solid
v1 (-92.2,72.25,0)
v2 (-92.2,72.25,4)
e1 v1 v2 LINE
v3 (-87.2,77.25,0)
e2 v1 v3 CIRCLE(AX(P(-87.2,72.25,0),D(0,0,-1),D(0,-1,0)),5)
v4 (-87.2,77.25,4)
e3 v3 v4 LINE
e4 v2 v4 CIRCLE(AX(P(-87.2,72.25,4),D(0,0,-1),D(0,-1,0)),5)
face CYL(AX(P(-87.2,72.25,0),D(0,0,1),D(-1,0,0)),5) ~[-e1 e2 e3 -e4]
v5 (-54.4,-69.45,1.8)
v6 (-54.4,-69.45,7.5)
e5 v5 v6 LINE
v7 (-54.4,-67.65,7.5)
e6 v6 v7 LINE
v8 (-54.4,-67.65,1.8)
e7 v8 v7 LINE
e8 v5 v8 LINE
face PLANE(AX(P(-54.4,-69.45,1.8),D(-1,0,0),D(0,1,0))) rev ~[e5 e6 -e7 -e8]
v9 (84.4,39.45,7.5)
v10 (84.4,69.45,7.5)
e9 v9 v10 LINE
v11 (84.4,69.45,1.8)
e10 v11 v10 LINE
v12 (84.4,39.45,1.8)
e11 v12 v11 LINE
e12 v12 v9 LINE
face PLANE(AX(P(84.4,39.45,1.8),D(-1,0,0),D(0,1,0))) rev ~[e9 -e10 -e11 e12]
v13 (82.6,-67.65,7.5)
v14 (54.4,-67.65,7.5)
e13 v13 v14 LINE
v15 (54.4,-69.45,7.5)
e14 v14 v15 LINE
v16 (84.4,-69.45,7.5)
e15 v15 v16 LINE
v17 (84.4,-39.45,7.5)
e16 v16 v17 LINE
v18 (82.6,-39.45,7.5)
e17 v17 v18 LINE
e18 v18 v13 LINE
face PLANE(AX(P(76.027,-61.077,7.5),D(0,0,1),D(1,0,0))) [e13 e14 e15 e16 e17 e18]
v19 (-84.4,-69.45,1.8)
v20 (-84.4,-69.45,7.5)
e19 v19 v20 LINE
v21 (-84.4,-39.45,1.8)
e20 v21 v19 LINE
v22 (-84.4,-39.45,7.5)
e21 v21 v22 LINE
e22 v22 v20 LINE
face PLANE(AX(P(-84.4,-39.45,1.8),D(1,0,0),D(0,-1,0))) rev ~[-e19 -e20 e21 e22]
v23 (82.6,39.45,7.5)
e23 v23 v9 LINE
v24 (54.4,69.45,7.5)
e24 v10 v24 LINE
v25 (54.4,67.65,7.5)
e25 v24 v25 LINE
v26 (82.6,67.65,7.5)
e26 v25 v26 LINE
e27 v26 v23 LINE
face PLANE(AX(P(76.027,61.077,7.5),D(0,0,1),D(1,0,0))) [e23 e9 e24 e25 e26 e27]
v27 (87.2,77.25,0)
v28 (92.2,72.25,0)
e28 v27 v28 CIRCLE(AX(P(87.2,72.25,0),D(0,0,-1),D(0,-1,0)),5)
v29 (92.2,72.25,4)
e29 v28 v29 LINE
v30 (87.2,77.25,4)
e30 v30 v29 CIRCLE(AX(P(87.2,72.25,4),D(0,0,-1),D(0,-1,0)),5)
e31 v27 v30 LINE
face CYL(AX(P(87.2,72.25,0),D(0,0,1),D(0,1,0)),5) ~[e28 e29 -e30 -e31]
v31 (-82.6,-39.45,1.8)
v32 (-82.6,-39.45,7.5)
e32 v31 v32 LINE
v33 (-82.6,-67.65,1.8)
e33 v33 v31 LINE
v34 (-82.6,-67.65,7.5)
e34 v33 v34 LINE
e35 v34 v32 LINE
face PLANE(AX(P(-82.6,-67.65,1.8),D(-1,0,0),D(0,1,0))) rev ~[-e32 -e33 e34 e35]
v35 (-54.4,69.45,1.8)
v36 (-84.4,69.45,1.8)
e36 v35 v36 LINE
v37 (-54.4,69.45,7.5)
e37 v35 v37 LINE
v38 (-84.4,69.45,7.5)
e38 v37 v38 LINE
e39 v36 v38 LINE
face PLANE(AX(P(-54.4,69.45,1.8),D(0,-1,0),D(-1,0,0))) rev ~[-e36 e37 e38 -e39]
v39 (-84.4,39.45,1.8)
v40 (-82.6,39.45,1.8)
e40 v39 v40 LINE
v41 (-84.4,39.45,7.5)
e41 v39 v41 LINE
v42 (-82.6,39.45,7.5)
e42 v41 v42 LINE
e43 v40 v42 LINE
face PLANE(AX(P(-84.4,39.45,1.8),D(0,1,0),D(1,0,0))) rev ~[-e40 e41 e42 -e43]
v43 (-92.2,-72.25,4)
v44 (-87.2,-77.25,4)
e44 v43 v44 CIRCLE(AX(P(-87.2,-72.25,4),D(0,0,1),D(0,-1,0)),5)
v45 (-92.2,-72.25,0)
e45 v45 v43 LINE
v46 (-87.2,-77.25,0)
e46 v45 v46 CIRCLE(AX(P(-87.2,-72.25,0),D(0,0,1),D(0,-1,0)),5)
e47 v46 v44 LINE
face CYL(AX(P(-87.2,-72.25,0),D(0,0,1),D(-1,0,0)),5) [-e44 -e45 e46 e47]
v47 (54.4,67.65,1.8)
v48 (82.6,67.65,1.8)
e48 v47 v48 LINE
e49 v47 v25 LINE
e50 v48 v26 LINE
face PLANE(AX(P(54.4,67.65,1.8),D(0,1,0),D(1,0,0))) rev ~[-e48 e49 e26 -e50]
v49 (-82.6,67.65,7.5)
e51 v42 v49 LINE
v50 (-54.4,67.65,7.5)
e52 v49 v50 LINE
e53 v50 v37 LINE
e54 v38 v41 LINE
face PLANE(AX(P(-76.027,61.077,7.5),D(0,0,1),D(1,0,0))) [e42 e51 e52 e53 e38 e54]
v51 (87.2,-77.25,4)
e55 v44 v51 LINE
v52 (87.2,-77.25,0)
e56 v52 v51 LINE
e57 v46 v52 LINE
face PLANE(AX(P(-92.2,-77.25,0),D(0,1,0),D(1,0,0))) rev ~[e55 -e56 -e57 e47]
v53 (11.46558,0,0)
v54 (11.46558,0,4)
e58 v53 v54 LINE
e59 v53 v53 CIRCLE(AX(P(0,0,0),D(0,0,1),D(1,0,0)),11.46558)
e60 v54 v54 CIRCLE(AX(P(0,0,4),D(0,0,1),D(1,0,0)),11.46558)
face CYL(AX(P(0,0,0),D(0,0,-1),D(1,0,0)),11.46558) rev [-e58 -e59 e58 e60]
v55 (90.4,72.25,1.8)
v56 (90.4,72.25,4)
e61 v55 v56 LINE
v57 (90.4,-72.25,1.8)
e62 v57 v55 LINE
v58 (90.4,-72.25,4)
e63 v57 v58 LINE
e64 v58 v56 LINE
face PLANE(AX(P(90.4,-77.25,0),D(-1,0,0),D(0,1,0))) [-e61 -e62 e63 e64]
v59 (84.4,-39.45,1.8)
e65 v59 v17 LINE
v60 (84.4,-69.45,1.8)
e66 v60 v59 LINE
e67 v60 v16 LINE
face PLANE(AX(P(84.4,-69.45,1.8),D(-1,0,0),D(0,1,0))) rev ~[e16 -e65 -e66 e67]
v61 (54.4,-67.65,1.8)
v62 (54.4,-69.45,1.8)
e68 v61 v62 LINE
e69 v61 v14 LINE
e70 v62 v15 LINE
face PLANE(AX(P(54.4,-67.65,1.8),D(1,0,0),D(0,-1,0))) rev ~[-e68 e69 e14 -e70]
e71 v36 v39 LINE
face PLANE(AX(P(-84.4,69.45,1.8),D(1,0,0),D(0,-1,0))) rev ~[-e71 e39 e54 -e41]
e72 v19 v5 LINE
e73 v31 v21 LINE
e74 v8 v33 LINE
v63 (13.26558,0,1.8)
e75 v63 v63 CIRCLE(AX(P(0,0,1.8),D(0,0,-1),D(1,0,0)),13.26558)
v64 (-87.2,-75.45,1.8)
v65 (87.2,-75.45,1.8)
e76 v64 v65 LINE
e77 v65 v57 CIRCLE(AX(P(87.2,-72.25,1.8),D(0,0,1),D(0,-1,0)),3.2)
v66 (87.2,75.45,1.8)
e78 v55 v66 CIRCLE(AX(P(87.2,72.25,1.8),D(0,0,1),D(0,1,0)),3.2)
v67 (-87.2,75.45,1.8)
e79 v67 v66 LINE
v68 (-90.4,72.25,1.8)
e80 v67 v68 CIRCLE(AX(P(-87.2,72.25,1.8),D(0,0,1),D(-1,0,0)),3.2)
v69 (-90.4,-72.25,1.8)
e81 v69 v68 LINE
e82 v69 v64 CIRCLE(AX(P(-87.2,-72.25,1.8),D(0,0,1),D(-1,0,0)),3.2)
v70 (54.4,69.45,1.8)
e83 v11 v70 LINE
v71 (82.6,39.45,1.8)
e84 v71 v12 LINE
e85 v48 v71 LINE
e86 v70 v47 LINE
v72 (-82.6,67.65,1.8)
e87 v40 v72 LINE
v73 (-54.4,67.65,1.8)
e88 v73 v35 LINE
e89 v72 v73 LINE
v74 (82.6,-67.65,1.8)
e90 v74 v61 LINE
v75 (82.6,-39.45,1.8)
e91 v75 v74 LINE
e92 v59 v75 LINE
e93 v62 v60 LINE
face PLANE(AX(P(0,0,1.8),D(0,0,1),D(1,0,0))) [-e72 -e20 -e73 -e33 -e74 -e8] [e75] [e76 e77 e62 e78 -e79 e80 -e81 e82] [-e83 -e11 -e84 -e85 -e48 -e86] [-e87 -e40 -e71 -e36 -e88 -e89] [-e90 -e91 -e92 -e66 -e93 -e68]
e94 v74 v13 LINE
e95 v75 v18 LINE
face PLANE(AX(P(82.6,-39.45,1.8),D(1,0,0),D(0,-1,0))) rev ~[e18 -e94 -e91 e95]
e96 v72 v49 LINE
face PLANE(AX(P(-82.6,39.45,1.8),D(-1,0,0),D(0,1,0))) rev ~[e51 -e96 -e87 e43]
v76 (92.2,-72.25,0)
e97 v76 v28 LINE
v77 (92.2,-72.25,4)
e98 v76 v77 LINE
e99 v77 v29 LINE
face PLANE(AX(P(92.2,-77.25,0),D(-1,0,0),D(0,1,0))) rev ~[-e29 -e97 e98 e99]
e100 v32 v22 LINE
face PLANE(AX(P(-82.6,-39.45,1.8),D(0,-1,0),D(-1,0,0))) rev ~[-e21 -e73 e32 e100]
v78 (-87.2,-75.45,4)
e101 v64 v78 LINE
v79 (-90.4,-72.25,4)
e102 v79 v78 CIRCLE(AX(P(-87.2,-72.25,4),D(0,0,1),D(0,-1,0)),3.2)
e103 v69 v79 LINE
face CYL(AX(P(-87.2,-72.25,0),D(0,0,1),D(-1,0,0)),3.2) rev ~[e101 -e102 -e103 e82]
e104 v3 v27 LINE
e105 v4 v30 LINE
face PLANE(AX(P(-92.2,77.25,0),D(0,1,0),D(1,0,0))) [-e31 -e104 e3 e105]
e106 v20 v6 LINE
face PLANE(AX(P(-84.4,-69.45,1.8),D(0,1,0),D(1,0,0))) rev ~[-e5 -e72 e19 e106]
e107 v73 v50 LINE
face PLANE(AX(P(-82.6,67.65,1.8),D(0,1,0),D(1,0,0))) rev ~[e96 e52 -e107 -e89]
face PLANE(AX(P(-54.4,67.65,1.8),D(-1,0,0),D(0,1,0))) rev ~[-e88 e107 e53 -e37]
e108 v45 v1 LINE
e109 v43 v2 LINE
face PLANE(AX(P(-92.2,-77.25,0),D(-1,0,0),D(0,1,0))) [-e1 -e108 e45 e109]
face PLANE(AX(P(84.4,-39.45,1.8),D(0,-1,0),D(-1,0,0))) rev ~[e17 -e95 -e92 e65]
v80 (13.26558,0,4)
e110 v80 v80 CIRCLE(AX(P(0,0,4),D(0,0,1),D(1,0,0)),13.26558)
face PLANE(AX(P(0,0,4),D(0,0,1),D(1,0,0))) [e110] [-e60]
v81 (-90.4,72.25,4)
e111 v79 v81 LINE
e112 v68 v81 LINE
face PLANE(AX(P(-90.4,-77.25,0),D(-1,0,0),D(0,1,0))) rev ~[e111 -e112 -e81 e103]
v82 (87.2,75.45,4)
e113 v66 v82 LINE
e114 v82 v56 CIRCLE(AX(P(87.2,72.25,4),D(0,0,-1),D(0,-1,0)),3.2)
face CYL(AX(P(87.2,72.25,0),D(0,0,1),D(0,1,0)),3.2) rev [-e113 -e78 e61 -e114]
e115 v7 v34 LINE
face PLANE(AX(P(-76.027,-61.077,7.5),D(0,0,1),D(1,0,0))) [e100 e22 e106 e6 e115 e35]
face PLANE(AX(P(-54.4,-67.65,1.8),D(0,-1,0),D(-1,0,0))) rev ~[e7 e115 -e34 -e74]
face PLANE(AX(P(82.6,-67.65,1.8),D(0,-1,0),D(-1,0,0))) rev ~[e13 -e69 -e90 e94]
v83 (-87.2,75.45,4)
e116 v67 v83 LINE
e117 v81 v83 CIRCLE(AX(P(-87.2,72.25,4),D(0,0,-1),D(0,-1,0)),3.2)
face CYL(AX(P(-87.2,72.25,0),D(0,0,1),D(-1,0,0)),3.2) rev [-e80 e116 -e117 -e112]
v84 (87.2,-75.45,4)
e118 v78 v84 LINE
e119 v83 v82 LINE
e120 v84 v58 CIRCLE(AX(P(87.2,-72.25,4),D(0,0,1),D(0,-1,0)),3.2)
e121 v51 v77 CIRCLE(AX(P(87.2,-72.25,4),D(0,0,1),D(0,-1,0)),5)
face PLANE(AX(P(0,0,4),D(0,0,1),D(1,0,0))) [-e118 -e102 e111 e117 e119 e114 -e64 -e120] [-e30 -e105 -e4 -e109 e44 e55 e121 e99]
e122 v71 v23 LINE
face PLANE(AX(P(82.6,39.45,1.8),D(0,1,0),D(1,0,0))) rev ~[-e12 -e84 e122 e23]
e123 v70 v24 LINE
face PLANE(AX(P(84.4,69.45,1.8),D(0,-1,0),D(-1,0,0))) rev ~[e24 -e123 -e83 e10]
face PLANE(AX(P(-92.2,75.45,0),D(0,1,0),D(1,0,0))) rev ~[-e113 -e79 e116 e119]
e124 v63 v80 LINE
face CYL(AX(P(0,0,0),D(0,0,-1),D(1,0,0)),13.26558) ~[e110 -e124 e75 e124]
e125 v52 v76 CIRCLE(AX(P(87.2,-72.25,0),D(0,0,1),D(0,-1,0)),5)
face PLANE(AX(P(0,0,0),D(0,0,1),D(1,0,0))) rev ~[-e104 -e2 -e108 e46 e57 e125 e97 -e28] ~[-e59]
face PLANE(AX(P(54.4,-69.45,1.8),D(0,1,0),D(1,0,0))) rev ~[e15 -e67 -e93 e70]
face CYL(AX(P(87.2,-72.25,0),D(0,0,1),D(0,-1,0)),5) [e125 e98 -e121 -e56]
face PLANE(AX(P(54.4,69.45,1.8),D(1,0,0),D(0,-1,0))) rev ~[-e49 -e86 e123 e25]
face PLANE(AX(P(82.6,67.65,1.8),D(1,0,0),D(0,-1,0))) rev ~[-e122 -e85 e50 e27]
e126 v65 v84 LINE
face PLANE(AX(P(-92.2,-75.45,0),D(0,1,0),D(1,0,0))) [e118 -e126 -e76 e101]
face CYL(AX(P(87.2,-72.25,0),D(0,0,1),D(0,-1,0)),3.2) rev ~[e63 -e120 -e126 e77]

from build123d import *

# Parameters (mm, degrees)
F0_W     = 184.4
F0_H     = 154.5
F0_R     = 11.46558
F1_DEPTH = 4
F2_R     = 5
F3_T     = -1.8
F5_DEPTH = 5.7


with BuildPart() as f1:
    # F0 (on Top) → F1 (new body)
    with BuildSketch(Plane.XY):
        Rectangle(F0_W, F0_H)
        Circle(F0_R, mode=Mode.SUBTRACT)
    extrude(amount=F1_DEPTH)

    # F2
    f2_edges = [f1.edges().sort_by_distance(p)[0] for p in [
        (-92.2, -77.25, 2),
        (-92.2, 77.25, 2),
        (92.2, -77.25, 2),
        (92.2, 77.25, 2),
    ]]
    fillet(f2_edges, radius=F2_R)

    # F3
    f3_openings = [f1.faces().sort_by_distance(p)[0] for p in [
        (0, 74.844307, 4),
    ]]
    offset(amount=F3_T, openings=f3_openings)

    # F4 (on face) → F5 (join)
    with BuildSketch(Plane.XY.offset(1.8)):
        Polygon((-84.4, -39.45), (-84.4, -69.45), (-54.4, -69.45), (-54.4, -67.65), (-82.6, -67.65), (-82.6, -39.45), align=None)
        Polygon((-82.6, 67.65), (-54.4, 67.65), (-54.4, 69.45), (-84.4, 69.45), (-84.4, 39.45), (-82.6, 39.45), align=None)
        Polygon((84.4, -69.45), (84.4, -39.45), (82.6, -39.45), (82.6, -67.65), (54.4, -67.65), (54.4, -69.45), align=None)
        Polygon((82.6, 39.45), (84.4, 39.45), (84.4, 69.45), (54.4, 69.45), (54.4, 67.65), (82.6, 67.65), align=None)
    extrude(amount=F5_DEPTH)


solid = f1.part
